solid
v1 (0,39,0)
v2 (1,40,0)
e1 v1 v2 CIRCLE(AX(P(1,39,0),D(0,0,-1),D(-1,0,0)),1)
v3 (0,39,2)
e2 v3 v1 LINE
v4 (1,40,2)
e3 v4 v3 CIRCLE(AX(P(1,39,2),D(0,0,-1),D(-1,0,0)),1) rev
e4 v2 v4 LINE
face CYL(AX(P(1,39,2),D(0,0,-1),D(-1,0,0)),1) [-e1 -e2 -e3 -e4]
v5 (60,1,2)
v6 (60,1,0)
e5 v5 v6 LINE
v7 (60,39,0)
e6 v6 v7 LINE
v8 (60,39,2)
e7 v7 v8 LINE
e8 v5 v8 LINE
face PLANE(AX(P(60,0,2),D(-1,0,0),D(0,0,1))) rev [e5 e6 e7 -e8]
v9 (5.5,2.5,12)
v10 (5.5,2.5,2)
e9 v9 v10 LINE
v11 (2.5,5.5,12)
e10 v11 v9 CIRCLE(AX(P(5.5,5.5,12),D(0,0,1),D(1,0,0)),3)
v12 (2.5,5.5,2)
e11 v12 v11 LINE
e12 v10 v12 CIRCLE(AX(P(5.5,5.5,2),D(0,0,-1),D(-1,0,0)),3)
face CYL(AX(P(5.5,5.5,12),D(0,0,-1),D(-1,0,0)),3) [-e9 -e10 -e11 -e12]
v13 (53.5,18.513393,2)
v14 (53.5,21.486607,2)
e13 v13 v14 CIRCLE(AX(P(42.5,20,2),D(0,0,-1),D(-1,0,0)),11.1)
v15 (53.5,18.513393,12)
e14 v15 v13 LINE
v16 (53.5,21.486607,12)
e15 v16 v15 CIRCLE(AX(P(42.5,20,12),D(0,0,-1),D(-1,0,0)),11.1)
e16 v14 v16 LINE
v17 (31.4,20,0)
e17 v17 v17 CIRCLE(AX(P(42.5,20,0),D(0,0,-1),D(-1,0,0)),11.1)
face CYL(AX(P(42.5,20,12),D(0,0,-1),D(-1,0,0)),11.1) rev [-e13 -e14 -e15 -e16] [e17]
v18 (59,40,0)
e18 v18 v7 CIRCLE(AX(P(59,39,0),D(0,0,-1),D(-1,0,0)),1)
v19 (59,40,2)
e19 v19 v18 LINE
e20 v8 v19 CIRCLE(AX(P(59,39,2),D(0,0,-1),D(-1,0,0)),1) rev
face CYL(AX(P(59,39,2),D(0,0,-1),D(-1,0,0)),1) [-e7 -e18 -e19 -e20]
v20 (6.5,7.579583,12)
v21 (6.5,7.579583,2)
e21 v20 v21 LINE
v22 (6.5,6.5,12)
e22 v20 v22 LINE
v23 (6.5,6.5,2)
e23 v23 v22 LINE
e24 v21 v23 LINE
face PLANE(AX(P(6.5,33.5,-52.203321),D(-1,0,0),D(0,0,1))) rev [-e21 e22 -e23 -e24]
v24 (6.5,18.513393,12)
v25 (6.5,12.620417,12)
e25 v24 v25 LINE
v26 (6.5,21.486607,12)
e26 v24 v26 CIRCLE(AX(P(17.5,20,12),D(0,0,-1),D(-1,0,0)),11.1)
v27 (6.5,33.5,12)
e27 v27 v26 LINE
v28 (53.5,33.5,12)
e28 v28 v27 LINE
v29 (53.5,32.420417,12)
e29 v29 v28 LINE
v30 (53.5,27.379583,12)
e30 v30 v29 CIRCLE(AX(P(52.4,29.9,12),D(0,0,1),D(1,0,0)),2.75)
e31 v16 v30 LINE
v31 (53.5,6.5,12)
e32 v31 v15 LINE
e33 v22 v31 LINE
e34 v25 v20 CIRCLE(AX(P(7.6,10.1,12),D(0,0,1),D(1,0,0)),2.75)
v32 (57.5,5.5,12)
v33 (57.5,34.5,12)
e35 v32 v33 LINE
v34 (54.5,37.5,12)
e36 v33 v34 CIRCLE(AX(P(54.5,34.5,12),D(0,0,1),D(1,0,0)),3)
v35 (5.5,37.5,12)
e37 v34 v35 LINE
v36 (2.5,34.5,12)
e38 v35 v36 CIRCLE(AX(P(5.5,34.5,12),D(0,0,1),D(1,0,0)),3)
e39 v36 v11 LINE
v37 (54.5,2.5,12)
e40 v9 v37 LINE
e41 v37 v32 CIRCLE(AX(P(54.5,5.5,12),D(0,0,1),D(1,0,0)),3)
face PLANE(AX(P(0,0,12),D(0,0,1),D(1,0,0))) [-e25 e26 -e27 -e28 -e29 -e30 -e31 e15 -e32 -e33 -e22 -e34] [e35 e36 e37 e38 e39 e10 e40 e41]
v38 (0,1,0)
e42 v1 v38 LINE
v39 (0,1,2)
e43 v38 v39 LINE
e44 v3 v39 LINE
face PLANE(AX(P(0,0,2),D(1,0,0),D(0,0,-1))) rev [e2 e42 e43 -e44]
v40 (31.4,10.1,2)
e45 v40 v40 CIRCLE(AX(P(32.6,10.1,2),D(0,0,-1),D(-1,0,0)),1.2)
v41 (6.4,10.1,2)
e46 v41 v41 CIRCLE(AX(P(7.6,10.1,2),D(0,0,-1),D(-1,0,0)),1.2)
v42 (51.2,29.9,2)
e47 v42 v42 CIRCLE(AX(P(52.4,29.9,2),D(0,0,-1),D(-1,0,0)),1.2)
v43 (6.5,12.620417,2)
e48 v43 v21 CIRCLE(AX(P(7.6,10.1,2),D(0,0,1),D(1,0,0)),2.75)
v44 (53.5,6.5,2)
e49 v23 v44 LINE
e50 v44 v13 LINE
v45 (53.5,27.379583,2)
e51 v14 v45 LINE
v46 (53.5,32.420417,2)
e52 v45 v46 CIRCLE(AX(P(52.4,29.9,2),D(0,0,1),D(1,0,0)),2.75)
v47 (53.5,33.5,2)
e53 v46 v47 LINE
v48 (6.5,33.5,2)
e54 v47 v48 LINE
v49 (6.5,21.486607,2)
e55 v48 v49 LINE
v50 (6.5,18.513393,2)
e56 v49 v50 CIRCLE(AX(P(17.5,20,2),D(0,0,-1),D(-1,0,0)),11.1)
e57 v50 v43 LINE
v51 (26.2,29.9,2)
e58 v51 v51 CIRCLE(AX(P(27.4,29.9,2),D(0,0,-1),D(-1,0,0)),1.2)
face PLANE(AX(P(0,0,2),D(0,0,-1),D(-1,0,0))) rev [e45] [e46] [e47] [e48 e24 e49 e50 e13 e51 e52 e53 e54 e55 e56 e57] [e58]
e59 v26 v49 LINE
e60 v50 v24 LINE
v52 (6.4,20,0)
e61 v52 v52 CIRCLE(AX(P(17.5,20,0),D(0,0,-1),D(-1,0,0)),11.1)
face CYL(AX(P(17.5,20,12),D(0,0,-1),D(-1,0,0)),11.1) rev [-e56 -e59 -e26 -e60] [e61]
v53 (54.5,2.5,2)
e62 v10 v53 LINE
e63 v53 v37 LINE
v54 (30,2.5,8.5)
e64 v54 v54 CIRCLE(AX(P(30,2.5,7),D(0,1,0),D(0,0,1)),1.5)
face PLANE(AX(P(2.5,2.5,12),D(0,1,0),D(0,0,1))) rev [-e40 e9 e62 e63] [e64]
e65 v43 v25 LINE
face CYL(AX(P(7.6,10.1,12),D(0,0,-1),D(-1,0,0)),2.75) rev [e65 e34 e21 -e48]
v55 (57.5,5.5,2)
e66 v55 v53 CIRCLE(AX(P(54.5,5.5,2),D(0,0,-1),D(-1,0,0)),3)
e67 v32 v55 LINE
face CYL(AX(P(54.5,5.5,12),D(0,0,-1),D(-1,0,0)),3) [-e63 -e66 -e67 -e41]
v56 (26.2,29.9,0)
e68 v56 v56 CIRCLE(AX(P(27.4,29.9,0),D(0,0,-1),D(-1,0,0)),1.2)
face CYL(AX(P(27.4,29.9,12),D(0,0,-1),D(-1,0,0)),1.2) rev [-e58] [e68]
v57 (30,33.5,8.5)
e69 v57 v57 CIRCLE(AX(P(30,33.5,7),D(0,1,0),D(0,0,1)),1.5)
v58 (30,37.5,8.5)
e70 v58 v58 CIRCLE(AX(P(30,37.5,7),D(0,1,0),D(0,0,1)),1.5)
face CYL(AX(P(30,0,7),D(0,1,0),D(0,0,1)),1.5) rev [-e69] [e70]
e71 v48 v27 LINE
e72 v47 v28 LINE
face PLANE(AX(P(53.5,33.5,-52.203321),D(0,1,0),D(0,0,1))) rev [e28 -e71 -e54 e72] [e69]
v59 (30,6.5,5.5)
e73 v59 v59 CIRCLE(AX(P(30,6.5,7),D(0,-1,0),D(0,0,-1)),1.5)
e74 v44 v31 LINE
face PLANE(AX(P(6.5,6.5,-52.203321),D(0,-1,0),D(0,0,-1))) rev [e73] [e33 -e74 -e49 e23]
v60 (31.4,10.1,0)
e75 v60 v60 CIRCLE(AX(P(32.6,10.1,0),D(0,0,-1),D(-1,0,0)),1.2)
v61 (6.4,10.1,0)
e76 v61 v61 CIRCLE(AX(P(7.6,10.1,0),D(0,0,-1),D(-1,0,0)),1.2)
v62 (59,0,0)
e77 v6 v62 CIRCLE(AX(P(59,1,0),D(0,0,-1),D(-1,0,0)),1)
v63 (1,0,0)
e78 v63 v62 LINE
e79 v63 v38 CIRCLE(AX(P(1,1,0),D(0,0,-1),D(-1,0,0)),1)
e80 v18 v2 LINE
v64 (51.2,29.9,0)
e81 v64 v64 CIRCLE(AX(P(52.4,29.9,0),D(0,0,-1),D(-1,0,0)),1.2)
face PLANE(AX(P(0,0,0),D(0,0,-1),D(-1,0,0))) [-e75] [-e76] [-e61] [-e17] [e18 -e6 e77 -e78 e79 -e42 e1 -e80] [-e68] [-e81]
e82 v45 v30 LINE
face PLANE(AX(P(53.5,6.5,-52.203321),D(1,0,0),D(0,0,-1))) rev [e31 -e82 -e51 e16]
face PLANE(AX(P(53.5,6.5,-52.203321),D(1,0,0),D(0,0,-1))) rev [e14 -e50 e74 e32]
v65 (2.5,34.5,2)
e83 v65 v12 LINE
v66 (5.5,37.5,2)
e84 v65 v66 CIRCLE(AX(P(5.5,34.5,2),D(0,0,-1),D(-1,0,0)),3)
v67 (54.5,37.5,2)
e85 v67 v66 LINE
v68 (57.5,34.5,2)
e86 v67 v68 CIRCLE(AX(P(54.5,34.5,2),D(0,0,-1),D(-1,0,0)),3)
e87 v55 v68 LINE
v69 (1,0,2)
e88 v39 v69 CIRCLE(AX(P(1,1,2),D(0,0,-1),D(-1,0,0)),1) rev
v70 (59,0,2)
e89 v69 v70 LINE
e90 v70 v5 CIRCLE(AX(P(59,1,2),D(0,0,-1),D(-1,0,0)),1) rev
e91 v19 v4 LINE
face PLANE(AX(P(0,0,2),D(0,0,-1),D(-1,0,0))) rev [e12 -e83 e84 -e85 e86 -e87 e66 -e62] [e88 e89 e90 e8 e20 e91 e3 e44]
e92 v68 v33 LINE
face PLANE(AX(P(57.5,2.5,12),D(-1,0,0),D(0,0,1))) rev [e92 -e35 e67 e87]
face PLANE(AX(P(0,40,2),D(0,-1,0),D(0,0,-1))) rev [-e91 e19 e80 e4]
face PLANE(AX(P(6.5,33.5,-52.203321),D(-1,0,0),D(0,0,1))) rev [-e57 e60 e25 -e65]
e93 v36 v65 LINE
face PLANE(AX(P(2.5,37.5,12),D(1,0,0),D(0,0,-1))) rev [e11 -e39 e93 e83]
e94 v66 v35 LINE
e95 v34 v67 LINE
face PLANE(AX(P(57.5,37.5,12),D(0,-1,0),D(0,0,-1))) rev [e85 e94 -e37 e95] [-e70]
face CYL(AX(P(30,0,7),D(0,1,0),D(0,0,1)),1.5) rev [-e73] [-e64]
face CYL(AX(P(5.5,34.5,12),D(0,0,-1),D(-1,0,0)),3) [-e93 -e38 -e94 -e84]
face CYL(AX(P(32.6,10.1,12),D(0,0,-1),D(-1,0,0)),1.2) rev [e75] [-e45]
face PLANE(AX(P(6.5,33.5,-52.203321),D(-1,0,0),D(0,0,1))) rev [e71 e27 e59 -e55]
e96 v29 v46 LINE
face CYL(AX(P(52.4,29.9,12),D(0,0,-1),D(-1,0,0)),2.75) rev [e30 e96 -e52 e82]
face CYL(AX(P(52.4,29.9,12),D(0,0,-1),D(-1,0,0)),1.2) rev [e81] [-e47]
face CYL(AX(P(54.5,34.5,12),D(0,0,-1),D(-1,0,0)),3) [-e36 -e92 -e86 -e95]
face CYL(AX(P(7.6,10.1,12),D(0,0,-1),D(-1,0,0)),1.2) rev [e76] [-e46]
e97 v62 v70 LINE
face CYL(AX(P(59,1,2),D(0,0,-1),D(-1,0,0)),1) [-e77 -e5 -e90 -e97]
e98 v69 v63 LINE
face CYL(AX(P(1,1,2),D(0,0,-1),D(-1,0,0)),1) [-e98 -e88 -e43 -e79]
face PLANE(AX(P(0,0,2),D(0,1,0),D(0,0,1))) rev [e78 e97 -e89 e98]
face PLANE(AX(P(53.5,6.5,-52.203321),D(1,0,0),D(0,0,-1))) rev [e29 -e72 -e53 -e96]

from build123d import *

# Parameters (mm, degrees)
ESQUISSE1_W             = 60
ESQUISSE1_H             = 40
BOSS_EXTRU_1_DEPTH      = 2
ESQUISSE2_W             = 55
ESQUISSE2_H             = 35
BOSS_EXTRU_2_DEPTH      = 10
CONG_1_R                = 3
CONG_2_R                = 1
ESQUISSE3_W             = 47
ESQUISSE3_H             = 27
ENL_V_MAT_EXTRU_1_DEPTH = 10
ESQUISSE4_R             = 1.5
ENL_V_MAT_EXTRU_2_DEPTH = 72.765242283
ESQUISSE5_R             = 11.1
ESQUISSE5_R_2           = 1.2
ENL_V_MAT_EXTRU_3_DEPTH = 74.10266753
ESQUISSE6_R             = 2.75
ENL_V_MAT_EXTRU_4_DEPTH = 73.801098893


with BuildPart() as part:
    # Esquisse1 → Boss.-Extru.1 (new body)
    with BuildSketch(Plane.XY):
        with Locations((30, 20)):
            Rectangle(ESQUISSE1_W, ESQUISSE1_H)
    extrude(amount=BOSS_EXTRU_1_DEPTH)

    # Esquisse2 → Boss.-Extru.2 (add)
    with BuildSketch(Plane.XY.offset(2)):
        with Locations((30, 20)):
            Rectangle(ESQUISSE2_W, ESQUISSE2_H)
    extrude(amount=BOSS_EXTRU_2_DEPTH)

    # Congé1
    cong_1_edges = [part.edges().sort_by_distance(p)[0] for p in [
        (57.5, 37.5, 7),
        (2.5, 37.5, 7),
        (2.5, 2.5, 7),
        (57.5, 2.5, 7),
    ]]
    fillet(cong_1_edges, radius=CONG_1_R)

    # Congé2
    cong_2_edges = [part.edges().sort_by_distance(p)[0] for p in [
        (0, 40, 1),
        (60, 40, 1),
        (60, 0, 1),
        (0, 0, 1),
    ]]
    fillet(cong_2_edges, radius=CONG_2_R)

    # Esquisse3 → Enlèv. mat.-Extru.1 (cut)
    with BuildSketch(Plane.XY.offset(12)):
        with Locations((30, 20)):
            Rectangle(ESQUISSE3_W, ESQUISSE3_H)
    extrude(amount=-ENL_V_MAT_EXTRU_1_DEPTH, mode=Mode.SUBTRACT)

    # Esquisse4 → Enlèv. mat.-Extru.2 (cut, through all)
    with BuildSketch(Plane(origin=(0, 37.5, 0), x_dir=(1, 0, 0), z_dir=(0, 1, 0))):
        with Locations(Location((30, -7, 0), (0, 0, 270))):
            Circle(ESQUISSE4_R)
    extrude(amount=-ENL_V_MAT_EXTRU_2_DEPTH, mode=Mode.SUBTRACT)

    # Esquisse5 → Enlèv. mat.-Extru.3 (cut, through all)
    with BuildSketch(Plane(origin=(0, 0, 0), x_dir=(-1, 0, 0), z_dir=(0, 0, -1))):
        with Locations((-42.5, 20)):
            Circle(ESQUISSE5_R)
        with Locations((-17.5, 20)):
            Circle(ESQUISSE5_R)
        with Locations((-52.4, 29.9)):
            Circle(ESQUISSE5_R_2)
        with Locations((-32.6, 10.1)):
            Circle(ESQUISSE5_R_2)
        with Locations((-27.4, 29.9)):
            Circle(ESQUISSE5_R_2)
        with Locations((-7.6, 10.1)):
            Circle(ESQUISSE5_R_2)
    extrude(amount=-ENL_V_MAT_EXTRU_3_DEPTH, mode=Mode.SUBTRACT)

    # Esquisse6 → Enlèv. mat.-Extru.4 (cut, through all)
    with BuildSketch(Plane.XY.offset(2)):
        with Locations((7.6, 10.1)):
            Circle(ESQUISSE6_R)
        with Locations((52.4, 29.9)):
            Circle(ESQUISSE6_R)
    extrude(amount=ENL_V_MAT_EXTRU_4_DEPTH, mode=Mode.SUBTRACT)


solid = part.part
